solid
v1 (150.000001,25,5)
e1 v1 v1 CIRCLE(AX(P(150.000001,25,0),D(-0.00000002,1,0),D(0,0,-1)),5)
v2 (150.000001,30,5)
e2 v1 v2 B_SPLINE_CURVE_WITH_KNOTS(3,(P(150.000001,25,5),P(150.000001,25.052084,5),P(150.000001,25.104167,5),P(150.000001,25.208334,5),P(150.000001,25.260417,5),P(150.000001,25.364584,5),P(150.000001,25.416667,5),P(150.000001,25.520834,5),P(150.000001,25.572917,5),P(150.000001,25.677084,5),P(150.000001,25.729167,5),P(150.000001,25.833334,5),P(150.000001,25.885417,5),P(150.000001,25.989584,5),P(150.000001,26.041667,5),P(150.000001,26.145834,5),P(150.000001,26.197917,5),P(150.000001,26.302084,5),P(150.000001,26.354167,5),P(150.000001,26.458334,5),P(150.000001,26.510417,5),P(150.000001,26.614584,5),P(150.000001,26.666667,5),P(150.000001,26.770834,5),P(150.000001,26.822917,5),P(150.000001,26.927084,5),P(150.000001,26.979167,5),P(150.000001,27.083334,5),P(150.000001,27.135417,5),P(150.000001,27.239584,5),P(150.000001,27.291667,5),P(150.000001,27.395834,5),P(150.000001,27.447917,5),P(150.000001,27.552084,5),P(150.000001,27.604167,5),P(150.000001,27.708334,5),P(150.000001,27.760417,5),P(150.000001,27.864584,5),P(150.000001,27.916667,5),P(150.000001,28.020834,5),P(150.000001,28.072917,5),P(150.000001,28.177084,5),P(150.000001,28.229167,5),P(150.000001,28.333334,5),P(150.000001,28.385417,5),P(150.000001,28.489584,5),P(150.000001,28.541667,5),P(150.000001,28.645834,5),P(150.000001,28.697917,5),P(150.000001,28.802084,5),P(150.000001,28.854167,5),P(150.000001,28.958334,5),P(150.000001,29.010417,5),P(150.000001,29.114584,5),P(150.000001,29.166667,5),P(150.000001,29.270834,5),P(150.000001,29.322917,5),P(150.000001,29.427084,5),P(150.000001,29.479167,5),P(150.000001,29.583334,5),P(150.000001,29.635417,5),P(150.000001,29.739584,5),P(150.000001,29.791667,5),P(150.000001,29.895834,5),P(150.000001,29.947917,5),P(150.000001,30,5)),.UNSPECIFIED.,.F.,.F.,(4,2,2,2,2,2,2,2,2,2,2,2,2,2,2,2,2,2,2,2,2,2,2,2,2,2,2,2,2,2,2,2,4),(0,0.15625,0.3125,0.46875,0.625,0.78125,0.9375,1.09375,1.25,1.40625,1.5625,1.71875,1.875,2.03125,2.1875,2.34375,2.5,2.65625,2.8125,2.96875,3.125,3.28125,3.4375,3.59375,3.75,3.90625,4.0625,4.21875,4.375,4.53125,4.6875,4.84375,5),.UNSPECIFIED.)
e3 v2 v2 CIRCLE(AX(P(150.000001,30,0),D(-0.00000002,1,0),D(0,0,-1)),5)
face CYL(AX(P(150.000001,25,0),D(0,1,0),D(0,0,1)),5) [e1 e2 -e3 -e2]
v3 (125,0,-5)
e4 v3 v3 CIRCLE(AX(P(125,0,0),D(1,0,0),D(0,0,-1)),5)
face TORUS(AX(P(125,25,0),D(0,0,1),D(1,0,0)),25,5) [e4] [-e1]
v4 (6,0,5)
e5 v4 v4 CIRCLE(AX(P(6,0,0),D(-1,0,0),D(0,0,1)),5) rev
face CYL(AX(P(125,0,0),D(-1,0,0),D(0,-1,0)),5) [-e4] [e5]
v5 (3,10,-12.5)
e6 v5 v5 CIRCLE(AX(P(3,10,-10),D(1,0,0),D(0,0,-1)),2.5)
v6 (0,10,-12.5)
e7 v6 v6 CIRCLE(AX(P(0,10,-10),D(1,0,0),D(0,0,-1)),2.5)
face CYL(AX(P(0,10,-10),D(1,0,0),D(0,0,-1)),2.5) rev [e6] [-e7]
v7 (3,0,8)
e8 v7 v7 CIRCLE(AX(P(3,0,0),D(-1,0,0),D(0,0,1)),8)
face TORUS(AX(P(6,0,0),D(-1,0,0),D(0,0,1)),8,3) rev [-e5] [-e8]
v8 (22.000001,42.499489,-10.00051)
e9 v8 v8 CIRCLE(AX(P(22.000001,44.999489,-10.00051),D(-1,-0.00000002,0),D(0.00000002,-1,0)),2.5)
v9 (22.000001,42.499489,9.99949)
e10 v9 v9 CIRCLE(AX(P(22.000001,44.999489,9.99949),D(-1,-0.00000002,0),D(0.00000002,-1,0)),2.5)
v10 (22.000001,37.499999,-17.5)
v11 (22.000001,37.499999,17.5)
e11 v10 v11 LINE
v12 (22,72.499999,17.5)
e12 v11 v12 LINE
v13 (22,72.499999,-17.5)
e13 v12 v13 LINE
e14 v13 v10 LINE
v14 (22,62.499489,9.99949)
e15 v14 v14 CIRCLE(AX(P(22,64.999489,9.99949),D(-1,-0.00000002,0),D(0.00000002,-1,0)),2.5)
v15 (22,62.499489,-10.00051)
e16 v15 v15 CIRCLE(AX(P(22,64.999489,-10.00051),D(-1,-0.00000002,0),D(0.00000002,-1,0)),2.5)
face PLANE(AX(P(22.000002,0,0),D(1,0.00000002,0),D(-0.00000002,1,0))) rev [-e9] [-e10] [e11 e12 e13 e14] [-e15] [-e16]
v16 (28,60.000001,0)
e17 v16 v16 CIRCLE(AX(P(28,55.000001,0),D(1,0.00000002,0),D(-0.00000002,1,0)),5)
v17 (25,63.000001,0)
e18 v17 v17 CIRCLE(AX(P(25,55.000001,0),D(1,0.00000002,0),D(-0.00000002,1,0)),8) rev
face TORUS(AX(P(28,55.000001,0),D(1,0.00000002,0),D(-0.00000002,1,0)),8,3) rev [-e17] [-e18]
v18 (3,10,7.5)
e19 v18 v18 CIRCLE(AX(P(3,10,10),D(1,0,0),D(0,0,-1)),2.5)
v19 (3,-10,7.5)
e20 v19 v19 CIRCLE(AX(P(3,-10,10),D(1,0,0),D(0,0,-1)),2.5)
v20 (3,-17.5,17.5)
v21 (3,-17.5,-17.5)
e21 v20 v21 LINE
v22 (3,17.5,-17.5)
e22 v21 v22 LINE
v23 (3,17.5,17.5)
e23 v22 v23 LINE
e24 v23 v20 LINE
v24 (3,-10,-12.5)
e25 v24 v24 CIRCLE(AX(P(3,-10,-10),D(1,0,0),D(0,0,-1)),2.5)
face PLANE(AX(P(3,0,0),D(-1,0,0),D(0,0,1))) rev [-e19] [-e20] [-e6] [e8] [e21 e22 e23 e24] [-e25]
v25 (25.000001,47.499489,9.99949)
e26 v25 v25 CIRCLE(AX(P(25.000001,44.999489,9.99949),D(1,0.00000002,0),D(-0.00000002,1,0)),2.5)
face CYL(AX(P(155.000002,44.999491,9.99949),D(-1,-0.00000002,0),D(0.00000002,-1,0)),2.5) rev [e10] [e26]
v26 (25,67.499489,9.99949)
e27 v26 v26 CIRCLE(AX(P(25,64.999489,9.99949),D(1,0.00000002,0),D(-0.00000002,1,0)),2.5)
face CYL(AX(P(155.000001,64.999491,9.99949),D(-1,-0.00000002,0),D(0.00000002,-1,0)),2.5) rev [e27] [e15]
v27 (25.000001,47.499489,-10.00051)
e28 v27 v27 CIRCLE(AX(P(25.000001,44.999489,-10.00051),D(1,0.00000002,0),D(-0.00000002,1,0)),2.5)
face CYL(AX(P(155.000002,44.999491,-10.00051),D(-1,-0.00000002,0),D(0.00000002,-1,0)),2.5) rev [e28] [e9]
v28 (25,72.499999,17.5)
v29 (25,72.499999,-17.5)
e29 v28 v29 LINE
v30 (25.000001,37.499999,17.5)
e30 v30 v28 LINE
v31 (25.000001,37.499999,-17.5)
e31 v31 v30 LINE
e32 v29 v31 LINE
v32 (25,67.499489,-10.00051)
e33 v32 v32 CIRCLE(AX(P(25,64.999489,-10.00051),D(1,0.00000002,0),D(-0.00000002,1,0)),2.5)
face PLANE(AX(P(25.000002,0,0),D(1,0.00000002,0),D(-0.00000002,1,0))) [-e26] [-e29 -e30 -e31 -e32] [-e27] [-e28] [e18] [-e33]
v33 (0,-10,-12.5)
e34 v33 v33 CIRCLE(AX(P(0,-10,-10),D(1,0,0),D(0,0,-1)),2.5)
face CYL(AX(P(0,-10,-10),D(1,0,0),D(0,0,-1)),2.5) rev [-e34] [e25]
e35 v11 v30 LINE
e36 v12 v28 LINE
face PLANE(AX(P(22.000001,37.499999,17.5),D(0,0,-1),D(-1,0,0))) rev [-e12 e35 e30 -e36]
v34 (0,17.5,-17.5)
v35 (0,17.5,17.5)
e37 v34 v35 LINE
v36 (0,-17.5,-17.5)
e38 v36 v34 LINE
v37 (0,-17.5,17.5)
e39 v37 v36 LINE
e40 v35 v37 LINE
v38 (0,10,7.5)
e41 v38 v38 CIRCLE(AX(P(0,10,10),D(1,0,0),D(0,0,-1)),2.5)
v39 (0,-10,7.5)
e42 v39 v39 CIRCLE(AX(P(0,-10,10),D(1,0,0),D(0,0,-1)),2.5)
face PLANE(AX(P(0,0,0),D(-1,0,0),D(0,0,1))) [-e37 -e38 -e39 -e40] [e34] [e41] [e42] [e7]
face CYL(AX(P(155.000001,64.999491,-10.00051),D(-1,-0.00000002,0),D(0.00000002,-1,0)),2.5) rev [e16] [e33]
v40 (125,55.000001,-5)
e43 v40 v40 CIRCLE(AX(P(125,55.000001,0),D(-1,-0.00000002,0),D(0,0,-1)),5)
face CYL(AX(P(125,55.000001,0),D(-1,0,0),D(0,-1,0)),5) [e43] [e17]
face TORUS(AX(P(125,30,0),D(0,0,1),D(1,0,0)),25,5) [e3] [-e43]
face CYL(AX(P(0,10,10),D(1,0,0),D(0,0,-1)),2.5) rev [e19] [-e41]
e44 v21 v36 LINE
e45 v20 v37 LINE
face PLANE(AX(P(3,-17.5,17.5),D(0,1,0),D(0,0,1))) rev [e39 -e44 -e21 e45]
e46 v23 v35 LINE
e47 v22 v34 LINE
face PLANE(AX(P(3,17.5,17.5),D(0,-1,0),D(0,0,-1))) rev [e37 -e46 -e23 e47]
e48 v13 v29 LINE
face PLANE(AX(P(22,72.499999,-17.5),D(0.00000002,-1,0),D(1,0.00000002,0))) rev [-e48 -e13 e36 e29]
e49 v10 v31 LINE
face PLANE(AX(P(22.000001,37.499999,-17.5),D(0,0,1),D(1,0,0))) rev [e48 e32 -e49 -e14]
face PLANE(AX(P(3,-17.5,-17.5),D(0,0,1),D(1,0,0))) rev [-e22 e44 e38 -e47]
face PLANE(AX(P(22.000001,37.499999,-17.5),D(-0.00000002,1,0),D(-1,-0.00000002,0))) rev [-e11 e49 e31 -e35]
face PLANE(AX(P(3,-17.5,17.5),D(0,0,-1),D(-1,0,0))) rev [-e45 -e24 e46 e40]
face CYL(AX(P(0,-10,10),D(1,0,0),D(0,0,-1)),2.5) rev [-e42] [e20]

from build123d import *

# Parameters (mm, degrees)
SKETCH1_W            = 35
SKETCH1_H            = 35
BOSS_EXTRUDE1_DEPTH  = 3
SKETCH2_R            = 2.5
CUT_EXTRUDE1_DEPTH   = 25.929901725
LPATTERN1_COUNT      = 2
LPATTERN1_PITCH      = 20
LPATTERN1_COUNT_DIR2 = 2
LPATTERN1_PITCH_DIR2 = 20
SKETCH9_R            = 5
SKETCH10_W           = 35
SKETCH10_H           = 35
BOSS_EXTRUDE2_DEPTH  = 3
SKETCH11_R           = 2.5
CUT_EXTRUDE2_DEPTH   = 153.484424314
LPATTERN4_COUNT      = 2
LPATTERN4_PITCH      = 20
LPATTERN4_COUNT_DIR2 = 2
LPATTERN4_PITCH_DIR2 = 20
FILLET1_R            = 3
FILLET2_R            = 3


with BuildPart() as part:
    # Sketch1 → Boss-Extrude1 (new body)
    with BuildSketch(Plane(origin=(0, 0, 0), x_dir=(0, 0, -1), z_dir=(1, 0, 0))):
        Rectangle(SKETCH1_W, SKETCH1_H)
    extrude(amount=BOSS_EXTRUDE1_DEPTH)

    # Sketch2 → Cut-Extrude1 (cut, through all)
    with BuildSketch(Plane(origin=(3, 0, 0), x_dir=(0, 0, -1), z_dir=(1, 0, 0))):
        with Locations((10, 10)):
            Circle(SKETCH2_R)
    cut_extrude1 = extrude(amount=-CUT_EXTRUDE1_DEPTH, mode=Mode.SUBTRACT)

    # LPattern1: Cut-Extrude1 2 × 2
    with Locations(*[(0, -j * LPATTERN1_PITCH_DIR2, i * LPATTERN1_PITCH) for i in range(LPATTERN1_COUNT) for j in range(LPATTERN1_COUNT_DIR2) if (i, j) != (0, 0)]):
        add(cut_extrude1, mode=Mode.SUBTRACT)

    # Sweep1: sweep along a path in Sketch8
    with BuildLine(Plane.XY) as sweep1_path:
        Line((3, 0), (125, 0))
        ThreePointArc((125, 0), (142.677670206, 7.32233044), (150.000001, 25.0000005))
        Line((150.000001, 25.0000005), (150.000001, 30.0000005))
        ThreePointArc((150.000001, 30.0000005), (142.677670383, 47.677670383), (125.0000005, 55.000001))
        Line((125.0000005, 55.000001), (25.0000005, 55.000001))
    # Sketch9 → Sweep1 (sweep)
    with BuildSketch(Plane(origin=(3, 0, 0), x_dir=(0, 0, -1), z_dir=(1, 0, 0))):
        Circle(SKETCH9_R)
    sweep(path=sweep1_path.line)

    # Sketch10 → Boss-Extrude2 (add)
    with BuildSketch(Plane(origin=(25.000001599, 5e-07, 0), x_dir=(0, 0, 1), z_dir=(-0.9999999999999998, -1.9990267318907433e-08, 0))):
        with Locations((0, 54.999998501)):
            Rectangle(SKETCH10_W, SKETCH10_H)
    extrude(amount=BOSS_EXTRUDE2_DEPTH)

    # Sketch11 → Cut-Extrude2 (cut, through all)
    with BuildSketch(Plane(origin=(22.000001599, 4.4e-07, 0), x_dir=(0, 0, 1), z_dir=(-0.9999999999999998, -1.999026737793079e-08, 0))):
        with Locations(Location((9.999489763, 64.999488264, 0), (0, 0, 270))):
            Circle(SKETCH11_R)
    cut_extrude2 = extrude(amount=-CUT_EXTRUDE2_DEPTH, mode=Mode.SUBTRACT)

    # LPattern4: Cut-Extrude2 2 × 2
    with Locations(*[(0, -j * LPATTERN4_PITCH_DIR2, -i * LPATTERN4_PITCH) for i in range(LPATTERN4_COUNT) for j in range(LPATTERN4_COUNT_DIR2) if (i, j) != (0, 0)]):
        add(cut_extrude2, mode=Mode.SUBTRACT)

    # Fillet1
    fillet1_edges = [part.edges().sort_by_distance(p)[0] for p in [
        (25.0000005, 55.000001, 5),
    ]]
    fillet(fillet1_edges, radius=FILLET1_R)

    # Fillet2
    fillet2_edges = [part.edges().sort_by_distance(p)[0] for p in [
        (3, 0, 5),
    ]]
    fillet(fillet2_edges, radius=FILLET2_R)


solid = part.part
